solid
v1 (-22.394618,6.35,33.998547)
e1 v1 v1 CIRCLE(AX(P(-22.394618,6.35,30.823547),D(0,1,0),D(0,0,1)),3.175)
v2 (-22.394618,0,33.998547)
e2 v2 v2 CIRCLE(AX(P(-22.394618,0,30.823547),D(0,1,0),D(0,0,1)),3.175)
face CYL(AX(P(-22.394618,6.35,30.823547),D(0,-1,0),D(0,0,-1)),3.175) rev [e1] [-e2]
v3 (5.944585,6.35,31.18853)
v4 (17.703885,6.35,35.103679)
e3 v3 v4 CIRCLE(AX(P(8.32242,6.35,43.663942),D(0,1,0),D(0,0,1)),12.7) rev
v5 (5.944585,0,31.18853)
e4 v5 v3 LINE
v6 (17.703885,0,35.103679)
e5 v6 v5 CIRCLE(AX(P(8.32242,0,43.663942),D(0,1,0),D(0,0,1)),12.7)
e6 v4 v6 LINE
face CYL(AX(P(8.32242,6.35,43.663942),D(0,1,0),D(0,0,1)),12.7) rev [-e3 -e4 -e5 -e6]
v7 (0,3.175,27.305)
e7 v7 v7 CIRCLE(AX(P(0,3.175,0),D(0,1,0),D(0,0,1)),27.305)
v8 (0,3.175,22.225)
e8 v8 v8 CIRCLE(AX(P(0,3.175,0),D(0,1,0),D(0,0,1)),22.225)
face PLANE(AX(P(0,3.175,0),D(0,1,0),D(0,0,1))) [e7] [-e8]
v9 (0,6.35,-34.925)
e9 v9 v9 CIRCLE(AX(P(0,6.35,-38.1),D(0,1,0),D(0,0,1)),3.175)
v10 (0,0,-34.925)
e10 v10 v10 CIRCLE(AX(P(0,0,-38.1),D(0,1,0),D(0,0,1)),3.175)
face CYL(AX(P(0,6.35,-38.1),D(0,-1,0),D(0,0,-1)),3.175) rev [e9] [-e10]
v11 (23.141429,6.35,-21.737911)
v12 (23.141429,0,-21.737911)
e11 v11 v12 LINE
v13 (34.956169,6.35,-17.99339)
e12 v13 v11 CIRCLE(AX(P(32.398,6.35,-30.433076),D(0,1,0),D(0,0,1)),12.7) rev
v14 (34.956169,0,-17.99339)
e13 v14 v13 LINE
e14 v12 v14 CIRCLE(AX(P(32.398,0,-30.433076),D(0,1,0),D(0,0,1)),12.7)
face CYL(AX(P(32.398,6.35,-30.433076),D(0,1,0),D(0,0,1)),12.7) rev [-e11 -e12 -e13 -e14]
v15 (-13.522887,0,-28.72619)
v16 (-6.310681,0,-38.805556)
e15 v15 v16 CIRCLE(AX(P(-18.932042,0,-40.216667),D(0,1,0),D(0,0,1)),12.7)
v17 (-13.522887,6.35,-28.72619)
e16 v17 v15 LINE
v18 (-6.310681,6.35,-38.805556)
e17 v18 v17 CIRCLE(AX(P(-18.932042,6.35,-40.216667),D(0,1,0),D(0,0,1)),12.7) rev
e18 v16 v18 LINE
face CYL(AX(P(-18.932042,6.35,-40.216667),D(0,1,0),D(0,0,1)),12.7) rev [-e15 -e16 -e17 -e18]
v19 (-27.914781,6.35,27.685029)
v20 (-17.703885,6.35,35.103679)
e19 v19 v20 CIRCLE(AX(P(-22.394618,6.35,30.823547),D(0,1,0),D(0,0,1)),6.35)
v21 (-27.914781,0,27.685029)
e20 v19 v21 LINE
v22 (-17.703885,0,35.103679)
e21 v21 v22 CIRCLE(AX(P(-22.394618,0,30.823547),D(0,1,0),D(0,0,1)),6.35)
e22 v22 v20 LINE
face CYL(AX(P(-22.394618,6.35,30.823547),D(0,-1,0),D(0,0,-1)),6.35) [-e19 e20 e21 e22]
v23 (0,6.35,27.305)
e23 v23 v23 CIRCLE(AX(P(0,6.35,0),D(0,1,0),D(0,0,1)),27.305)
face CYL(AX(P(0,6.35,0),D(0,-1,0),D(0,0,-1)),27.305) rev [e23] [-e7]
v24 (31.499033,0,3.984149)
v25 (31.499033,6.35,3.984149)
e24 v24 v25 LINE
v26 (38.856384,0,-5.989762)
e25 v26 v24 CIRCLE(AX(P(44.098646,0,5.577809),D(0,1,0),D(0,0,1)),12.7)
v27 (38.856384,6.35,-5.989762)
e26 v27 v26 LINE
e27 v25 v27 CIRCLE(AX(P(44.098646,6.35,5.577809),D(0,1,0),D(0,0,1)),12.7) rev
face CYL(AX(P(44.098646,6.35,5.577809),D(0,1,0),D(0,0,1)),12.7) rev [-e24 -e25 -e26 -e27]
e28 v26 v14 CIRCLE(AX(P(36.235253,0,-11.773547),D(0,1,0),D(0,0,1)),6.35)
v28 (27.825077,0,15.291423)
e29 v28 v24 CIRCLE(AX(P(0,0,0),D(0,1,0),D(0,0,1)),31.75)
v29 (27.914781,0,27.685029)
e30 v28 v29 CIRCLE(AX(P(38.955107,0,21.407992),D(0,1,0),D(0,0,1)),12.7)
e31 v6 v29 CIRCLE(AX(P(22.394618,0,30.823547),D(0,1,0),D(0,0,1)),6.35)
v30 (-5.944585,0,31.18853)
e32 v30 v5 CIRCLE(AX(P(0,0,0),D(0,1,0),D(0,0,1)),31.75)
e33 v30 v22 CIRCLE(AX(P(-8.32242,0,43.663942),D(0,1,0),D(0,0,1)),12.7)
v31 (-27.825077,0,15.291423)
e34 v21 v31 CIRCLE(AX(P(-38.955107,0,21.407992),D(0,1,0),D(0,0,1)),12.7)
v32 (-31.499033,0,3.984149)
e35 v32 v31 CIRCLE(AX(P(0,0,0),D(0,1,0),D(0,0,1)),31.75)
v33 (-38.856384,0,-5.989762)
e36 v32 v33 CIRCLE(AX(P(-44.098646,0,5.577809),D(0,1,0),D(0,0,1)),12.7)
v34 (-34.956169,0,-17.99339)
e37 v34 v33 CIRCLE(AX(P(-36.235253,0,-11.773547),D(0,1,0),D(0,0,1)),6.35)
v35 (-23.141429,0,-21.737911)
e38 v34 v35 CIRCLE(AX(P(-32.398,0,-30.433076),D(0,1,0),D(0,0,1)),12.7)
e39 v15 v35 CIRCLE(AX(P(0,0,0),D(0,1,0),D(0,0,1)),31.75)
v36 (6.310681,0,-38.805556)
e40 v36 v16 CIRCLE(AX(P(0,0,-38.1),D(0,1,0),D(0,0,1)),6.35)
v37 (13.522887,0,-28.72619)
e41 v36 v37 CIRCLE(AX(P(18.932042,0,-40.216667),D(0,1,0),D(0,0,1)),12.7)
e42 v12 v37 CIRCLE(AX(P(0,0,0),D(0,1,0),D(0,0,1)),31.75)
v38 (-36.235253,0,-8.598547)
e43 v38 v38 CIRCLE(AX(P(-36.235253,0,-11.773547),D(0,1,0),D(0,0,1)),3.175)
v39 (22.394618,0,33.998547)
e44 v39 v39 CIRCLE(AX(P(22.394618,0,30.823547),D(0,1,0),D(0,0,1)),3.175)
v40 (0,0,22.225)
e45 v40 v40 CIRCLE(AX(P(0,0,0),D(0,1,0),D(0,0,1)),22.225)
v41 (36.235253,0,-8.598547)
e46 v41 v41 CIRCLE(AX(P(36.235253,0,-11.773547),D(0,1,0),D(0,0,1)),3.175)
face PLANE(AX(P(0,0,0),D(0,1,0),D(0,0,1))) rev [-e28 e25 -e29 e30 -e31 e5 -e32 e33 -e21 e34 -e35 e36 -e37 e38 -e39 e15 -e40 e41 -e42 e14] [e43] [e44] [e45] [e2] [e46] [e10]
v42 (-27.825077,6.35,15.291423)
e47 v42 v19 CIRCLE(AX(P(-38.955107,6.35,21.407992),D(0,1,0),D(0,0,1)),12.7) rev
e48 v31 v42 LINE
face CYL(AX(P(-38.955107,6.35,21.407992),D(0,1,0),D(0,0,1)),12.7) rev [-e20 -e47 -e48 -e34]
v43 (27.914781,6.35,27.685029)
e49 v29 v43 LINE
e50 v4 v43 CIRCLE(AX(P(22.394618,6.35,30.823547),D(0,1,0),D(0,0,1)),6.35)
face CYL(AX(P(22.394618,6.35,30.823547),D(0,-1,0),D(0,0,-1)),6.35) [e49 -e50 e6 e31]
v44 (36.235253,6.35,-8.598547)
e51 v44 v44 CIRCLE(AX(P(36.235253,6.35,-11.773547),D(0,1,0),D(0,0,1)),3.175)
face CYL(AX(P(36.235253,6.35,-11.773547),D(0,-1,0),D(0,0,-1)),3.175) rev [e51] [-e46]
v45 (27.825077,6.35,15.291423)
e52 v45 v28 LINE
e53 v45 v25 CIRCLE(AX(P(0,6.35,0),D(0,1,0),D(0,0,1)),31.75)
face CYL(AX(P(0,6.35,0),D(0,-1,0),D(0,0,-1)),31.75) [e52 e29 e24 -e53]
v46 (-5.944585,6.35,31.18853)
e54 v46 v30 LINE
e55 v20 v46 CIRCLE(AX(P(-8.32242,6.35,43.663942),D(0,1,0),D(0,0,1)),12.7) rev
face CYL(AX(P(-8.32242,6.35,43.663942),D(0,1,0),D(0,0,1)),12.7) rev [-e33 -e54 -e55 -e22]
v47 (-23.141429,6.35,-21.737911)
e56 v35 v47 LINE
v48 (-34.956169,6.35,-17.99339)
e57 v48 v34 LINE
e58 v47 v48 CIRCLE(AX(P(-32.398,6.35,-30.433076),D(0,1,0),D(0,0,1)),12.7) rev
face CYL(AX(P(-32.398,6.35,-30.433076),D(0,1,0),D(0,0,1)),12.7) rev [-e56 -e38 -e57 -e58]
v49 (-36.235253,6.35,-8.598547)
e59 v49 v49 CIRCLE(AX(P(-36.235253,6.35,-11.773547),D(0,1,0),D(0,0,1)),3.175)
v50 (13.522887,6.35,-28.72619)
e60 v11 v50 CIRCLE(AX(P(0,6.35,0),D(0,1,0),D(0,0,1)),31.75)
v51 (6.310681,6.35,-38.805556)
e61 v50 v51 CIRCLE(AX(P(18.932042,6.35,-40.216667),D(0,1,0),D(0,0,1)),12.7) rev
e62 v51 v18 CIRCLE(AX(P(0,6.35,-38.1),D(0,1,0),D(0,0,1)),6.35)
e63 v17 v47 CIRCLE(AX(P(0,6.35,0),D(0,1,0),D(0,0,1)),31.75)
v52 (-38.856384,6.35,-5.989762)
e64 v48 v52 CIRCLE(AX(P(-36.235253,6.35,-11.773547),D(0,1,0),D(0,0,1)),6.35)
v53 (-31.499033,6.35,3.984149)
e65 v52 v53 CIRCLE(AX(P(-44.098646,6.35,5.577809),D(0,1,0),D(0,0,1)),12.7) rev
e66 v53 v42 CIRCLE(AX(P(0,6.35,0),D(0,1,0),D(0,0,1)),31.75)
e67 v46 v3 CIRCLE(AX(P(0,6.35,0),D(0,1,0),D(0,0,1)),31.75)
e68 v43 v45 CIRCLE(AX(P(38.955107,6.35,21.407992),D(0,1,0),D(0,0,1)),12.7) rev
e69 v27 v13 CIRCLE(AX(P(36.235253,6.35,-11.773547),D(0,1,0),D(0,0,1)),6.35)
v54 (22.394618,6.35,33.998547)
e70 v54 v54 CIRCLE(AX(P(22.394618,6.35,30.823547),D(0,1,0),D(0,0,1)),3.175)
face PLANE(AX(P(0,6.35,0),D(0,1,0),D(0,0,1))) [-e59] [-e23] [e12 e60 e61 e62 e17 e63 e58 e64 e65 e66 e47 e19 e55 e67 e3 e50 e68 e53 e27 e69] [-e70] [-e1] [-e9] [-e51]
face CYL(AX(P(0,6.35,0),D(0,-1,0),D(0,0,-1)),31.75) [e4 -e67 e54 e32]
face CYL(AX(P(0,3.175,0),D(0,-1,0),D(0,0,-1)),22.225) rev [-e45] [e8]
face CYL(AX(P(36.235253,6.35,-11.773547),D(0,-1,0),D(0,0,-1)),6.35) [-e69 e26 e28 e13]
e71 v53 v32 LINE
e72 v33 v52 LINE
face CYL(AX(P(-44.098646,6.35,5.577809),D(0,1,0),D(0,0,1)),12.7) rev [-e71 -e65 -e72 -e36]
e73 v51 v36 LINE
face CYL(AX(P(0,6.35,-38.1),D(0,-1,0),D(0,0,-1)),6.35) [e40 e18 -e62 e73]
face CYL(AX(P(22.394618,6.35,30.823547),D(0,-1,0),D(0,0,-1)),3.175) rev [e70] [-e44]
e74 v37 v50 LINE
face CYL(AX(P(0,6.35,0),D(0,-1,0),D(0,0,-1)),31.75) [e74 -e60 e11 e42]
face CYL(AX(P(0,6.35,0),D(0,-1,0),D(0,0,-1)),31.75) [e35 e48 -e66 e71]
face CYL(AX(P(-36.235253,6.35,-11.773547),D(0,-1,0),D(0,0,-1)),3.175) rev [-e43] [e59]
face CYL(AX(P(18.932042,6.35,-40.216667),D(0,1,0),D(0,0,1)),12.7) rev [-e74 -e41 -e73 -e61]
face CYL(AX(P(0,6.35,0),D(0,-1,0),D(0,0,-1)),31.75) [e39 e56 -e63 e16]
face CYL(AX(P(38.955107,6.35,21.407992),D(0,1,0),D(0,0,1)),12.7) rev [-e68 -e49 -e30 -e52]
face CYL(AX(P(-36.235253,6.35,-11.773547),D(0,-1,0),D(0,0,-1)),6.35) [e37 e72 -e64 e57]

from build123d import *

# Parameters (mm, degrees)
SKETCH1_R           = 3.175
SKETCH1_R_2         = 27.305
BOSS_EXTRUDE4_DEPTH = 6.35
SKETCH1_6_R         = 27.305
SKETCH1_6_R_2       = 22.225
BOSS_EXTRUDE5_DEPTH = 3.175
FILLET2_R           = 12.7


with BuildPart() as part:
    # Sketch1 → Boss-Extrude4 (new body)
    with BuildSketch(Plane(origin=(0, 0, 0), x_dir=(1, 0, 0), z_dir=(0, 1, 0))):
        with BuildLine():
            Line((6.35, 31.108519733), (6.35, 38.1))
            ThreePointArc((6.35, 38.1), (0, 44.45), (-6.35, 38.1))
            Line((-6.35, 38.1), (-6.35, 31.108519733))
            ThreePointArc((-6.35, 31.108519733), (-18.66218176, 25.686289571), (-27.62370249, 15.652270146))
            Line((-27.62370249, 15.652270146), (-34.272995357, 17.812756364))
            ThreePointArc((-34.272995357, 17.812756364), (-42.274462149, 13.7358054), (-38.197511185, 5.734338607))
            Line((-38.197511185, 5.734338607), (-31.548218319, 3.573852389))
            ThreePointArc((-31.548218319, 3.573852389), (-30.196044392, -9.811289571), (-23.422387034, -21.434884782))
            Line((-23.422387034, -21.434884782), (-27.531876027, -27.091111134))
            ThreePointArc((-27.531876027, -27.091111134), (-26.127054464, -35.9608054), (-17.257360198, -34.555983838))
            Line((-17.257360198, -34.555983838), (-13.147871206, -28.899757486))
            ThreePointArc((-13.147871206, -28.899757486), (0, -31.75), (13.147871206, -28.899757486))
            Line((13.147871206, -28.899757486), (17.257360198, -34.555983838))
            ThreePointArc((17.257360198, -34.555983838), (26.127054464, -35.9608054), (27.531876027, -27.091111134))
            Line((27.531876027, -27.091111134), (23.422387034, -21.434884782))
            ThreePointArc((23.422387034, -21.434884782), (30.196044392, -9.811289571), (31.548218319, 3.573852389))
            Line((31.548218319, 3.573852389), (38.197511185, 5.734338607))
            ThreePointArc((38.197511185, 5.734338607), (42.274462149, 13.7358054), (34.272995357, 17.812756364))
            Line((34.272995357, 17.812756364), (27.62370249, 15.652270146))
            ThreePointArc((27.62370249, 15.652270146), (18.66218176, 25.686289571), (6.35, 31.108519733))
        make_face()
        with Locations((0, 38.1)):
            Circle(SKETCH1_R, mode=Mode.SUBTRACT)
        Circle(SKETCH1_R_2, mode=Mode.SUBTRACT)
        with Locations((36.235253271, 11.773547486)):
            Circle(SKETCH1_R, mode=Mode.SUBTRACT)
        with Locations((-36.235253271, 11.773547486)):
            Circle(SKETCH1_R, mode=Mode.SUBTRACT)
        with Locations((22.394618112, -30.823547486)):
            Circle(SKETCH1_R, mode=Mode.SUBTRACT)
        with Locations((-22.394618112, -30.823547486)):
            Circle(SKETCH1_R, mode=Mode.SUBTRACT)
    extrude(amount=BOSS_EXTRUDE4_DEPTH)

    # Sketch1<6> → Boss-Extrude5 (add)
    with BuildSketch(Plane(origin=(0, 0, 0), x_dir=(1, 0, 0), z_dir=(0, 1, 0))):
        Circle(SKETCH1_6_R)
        Circle(SKETCH1_6_R_2, mode=Mode.SUBTRACT)
    extrude(amount=BOSS_EXTRUDE5_DEPTH)

    # Fillet2
    fillet2_edges = [part.edges().sort_by_distance(p)[0] for p in [
        (27.62370249, 3.175, -15.652270146),
        (31.548218319, 3.175, -3.573852389),
        (23.422387034, 3.175, 21.434884782),
        (13.147871206, 3.175, 28.899757486),
        (-13.147871206, 3.175, 28.899757486),
        (-23.422387034, 3.175, 21.434884782),
        (-31.548218319, 3.175, -3.573852389),
        (-27.62370249, 3.175, -15.652270146),
        (-6.35, 3.175, -31.108519733),
        (6.35, 3.175, -31.108519733),
    ]]
    fillet(fillet2_edges, radius=FILLET2_R)


solid = part.part
